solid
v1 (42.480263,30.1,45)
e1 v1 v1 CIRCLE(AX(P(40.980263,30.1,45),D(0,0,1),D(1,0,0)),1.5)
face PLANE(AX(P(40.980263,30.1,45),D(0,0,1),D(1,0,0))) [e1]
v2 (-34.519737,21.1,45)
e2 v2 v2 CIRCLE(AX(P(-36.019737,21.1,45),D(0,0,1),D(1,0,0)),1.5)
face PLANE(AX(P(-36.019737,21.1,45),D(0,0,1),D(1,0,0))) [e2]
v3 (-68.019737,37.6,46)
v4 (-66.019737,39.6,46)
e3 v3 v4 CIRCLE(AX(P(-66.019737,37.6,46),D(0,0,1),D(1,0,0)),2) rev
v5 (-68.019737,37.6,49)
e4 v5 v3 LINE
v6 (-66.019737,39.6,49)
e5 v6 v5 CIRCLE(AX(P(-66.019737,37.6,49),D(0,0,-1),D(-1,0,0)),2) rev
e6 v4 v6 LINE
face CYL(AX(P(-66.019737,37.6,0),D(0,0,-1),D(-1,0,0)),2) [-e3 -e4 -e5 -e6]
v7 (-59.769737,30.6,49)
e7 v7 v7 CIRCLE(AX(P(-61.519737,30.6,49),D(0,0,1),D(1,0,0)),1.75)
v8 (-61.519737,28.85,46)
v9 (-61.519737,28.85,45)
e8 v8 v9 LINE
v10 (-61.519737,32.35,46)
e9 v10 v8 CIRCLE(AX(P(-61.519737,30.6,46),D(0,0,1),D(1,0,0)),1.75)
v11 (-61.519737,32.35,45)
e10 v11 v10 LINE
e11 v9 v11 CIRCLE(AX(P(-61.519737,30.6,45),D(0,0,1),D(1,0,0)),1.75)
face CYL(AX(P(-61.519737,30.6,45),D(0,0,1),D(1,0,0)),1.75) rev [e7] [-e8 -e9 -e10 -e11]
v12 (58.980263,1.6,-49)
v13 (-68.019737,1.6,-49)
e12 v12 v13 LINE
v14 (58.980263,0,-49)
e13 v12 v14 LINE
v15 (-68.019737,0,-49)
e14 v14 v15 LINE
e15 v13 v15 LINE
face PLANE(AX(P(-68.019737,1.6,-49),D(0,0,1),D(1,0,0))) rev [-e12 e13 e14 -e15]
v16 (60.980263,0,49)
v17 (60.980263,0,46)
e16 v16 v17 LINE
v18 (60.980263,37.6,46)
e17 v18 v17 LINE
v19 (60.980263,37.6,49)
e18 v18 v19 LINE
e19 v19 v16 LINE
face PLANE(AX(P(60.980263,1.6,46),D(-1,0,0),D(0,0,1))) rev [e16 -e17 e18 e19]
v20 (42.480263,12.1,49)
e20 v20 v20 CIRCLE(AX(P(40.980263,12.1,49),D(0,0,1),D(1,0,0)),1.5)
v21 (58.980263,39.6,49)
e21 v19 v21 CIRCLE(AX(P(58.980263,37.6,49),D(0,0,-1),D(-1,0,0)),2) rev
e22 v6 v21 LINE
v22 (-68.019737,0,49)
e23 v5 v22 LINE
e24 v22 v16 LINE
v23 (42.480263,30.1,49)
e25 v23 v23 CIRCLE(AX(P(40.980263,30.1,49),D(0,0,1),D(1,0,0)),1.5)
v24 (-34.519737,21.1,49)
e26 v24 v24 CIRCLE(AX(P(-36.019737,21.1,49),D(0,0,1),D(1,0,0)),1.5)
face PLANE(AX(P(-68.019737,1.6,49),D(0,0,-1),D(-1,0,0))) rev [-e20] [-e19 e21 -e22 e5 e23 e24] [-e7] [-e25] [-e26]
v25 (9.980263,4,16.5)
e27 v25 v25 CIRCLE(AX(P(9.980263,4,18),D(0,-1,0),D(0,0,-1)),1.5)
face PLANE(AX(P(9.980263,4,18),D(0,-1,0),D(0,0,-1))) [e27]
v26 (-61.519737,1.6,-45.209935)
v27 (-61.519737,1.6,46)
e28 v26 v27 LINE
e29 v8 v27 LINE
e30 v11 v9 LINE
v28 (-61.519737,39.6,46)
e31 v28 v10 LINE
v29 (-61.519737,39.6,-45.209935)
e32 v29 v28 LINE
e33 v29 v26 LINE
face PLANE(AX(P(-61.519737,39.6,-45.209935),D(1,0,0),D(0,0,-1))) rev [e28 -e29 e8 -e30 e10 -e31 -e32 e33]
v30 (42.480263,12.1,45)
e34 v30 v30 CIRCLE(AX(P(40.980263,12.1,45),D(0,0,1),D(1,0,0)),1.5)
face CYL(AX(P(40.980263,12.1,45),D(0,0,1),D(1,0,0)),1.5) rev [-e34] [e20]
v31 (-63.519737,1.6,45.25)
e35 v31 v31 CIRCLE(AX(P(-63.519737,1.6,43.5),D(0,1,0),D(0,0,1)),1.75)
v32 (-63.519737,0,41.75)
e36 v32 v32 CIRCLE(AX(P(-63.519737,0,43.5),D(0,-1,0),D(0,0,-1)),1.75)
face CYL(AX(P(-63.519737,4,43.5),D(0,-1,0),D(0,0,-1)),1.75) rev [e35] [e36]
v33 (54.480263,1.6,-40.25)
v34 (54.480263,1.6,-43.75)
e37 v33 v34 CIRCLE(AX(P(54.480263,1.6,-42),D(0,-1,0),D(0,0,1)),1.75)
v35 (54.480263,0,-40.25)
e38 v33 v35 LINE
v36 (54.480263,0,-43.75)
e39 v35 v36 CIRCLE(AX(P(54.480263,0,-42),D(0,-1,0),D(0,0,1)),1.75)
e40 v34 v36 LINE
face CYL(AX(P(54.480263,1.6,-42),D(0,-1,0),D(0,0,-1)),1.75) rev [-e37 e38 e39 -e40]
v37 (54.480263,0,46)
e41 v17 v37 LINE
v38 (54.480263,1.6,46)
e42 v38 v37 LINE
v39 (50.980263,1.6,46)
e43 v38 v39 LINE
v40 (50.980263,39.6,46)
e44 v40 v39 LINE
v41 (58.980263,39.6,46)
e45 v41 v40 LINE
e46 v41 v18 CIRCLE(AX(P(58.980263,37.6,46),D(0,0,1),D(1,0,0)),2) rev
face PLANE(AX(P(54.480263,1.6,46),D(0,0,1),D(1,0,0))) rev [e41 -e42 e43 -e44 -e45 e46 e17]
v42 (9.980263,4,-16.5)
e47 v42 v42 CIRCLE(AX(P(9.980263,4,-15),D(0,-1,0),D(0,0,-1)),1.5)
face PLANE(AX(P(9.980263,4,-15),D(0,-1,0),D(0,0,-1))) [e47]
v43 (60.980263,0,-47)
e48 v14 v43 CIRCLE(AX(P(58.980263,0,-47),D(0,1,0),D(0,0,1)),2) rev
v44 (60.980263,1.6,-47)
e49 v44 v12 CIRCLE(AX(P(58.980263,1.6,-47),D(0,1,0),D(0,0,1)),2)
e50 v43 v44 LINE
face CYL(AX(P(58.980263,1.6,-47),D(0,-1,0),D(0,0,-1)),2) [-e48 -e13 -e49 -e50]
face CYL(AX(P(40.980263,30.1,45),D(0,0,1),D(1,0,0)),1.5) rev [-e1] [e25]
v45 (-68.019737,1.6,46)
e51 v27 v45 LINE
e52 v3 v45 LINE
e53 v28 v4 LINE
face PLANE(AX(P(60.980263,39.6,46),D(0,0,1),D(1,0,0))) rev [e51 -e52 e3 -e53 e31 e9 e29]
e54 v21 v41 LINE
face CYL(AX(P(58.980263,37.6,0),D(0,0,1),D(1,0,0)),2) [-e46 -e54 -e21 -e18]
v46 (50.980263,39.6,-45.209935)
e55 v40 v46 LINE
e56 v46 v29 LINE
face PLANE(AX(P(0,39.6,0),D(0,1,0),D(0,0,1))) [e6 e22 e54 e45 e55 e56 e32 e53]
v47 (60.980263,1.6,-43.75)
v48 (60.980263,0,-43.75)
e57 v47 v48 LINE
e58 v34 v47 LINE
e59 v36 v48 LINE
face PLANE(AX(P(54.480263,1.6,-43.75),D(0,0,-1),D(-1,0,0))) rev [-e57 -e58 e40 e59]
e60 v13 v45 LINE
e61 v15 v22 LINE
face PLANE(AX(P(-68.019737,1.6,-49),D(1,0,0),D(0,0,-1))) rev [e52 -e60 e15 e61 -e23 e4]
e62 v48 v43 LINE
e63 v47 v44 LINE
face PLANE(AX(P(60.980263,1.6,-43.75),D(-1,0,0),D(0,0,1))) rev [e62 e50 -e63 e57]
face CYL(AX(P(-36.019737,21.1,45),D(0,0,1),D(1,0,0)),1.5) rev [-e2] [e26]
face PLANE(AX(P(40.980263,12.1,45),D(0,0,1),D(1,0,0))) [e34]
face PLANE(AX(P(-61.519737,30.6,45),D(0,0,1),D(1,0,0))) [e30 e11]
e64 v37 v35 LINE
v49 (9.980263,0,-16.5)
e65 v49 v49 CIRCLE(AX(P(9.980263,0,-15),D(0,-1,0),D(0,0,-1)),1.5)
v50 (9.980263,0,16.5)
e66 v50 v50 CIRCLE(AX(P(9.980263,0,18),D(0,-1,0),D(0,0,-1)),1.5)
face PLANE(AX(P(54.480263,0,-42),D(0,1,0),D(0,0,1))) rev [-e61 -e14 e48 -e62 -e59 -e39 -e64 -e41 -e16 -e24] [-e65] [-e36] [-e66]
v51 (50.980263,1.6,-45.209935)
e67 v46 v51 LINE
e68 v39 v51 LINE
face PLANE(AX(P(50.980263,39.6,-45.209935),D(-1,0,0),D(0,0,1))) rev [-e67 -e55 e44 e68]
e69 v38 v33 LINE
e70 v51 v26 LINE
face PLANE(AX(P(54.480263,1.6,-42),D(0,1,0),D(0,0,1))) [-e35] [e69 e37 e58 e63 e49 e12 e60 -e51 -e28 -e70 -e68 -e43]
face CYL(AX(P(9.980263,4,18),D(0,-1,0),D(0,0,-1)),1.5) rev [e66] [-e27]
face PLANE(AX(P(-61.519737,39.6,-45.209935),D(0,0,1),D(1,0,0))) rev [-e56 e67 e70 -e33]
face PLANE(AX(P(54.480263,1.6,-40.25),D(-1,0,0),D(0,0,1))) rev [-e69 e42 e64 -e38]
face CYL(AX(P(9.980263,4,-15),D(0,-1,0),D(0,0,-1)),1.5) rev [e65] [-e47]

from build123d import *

# Parameters (mm, degrees)
BOSS_EXTRUDE1_DEPTH = 1.6
SKETCH2_W           = 112.5
SKETCH2_H           = 91.209934792
BOSS_EXTRUDE2_DEPTH = 38
SKETCH3_W           = 129
SKETCH3_H           = 3
BOSS_EXTRUDE3_DEPTH = 38
SKETCH4_R           = 1.5
SKETCH4_R_2         = 1.75
CUT_EXTRUDE1_DEPTH  = 4
SKETCH5_R           = 1.75
SKETCH5_R_2         = 1.5
CUT_EXTRUDE2_DEPTH  = 4
FILLET1_R           = 2
FILLET2_R           = 2
FILLET3_R           = 2


with BuildPart() as part:
    # Sketch1 → Boss-Extrude1 (new body)
    with BuildSketch(Plane(origin=(0, 0, 0), x_dir=(1, 0, 0), z_dir=(0, 1, 0))):
        with BuildLine():
            Line((-68.019736842, 49), (-68.019736842, -49))
            Line((-68.019736842, -49), (60.980263158, -49))
            Line((60.980263158, -49), (60.980263158, -46))
            Line((60.980263158, -46), (54.480263158, -46))
            Line((54.480263158, -46), (54.480263158, 40.25))
            ThreePointArc((54.480263158, 40.25), (52.730263158, 42), (54.480263158, 43.75))
            Line((54.480263158, 43.75), (60.980263158, 43.75))
            Line((60.980263158, 43.75), (60.980263158, 49))
            Line((60.980263158, 49), (-68.019736842, 49))
        make_face()
    extrude(amount=BOSS_EXTRUDE1_DEPTH)

    # Sketch2 → Boss-Extrude2 (add)
    with BuildSketch(Plane(origin=(0, 1.6, 0), x_dir=(1, 0, 0), z_dir=(0, 1, 0))):
        with Locations((-5.269736842, -0.395032604)):
            Rectangle(SKETCH2_W, SKETCH2_H)
    extrude(amount=BOSS_EXTRUDE2_DEPTH)

    # Sketch3 → Boss-Extrude3 (add)
    with BuildSketch(Plane(origin=(0, 1.6, 0), x_dir=(1, 0, 0), z_dir=(0, 1, 0))):
        with Locations((-3.519736842, -47.5)):
            Rectangle(SKETCH3_W, SKETCH3_H)
    extrude(amount=BOSS_EXTRUDE3_DEPTH)

    # Sketch4 → Cut-Extrude1 (cut)
    with BuildSketch(Plane.XY.offset(49)):
        with Locations((-36.019736842, 21.1)):
            Circle(SKETCH4_R)
        with Locations((40.980263158, 12.1)):
            Circle(SKETCH4_R)
        with Locations((40.980263158, 30.1)):
            Circle(SKETCH4_R)
        with Locations((-61.519736842, 30.6)):
            Circle(SKETCH4_R_2)
    extrude(amount=-CUT_EXTRUDE1_DEPTH, mode=Mode.SUBTRACT)

    # Sketch5 → Cut-Extrude2 (cut)
    with BuildSketch(Plane.XZ):
        with Locations(Location((-63.519736842, 43.5, 0), (0, 0, 270))):
            Circle(SKETCH5_R)
        with Locations(Location((9.980263158, 18, 0), (0, 0, 270))):
            Circle(SKETCH5_R_2)
        with Locations(Location((9.980263158, -15, 0), (0, 0, 270))):
            Circle(SKETCH5_R_2)
    extrude(amount=-CUT_EXTRUDE2_DEPTH, mode=Mode.SUBTRACT)

    # Fillet1
    fillet1_edges = [part.edges().sort_by_distance(p)[0] for p in [
        (60.980263158, 0.8, -49),
    ]]
    fillet(fillet1_edges, radius=FILLET1_R)

    # Fillet2
    fillet2_edges = [part.edges().sort_by_distance(p)[0] for p in [
        (60.980263158, 39.6, 47.5),
    ]]
    fillet(fillet2_edges, radius=FILLET2_R)

    # Fillet3
    fillet3_edges = [part.edges().sort_by_distance(p)[0] for p in [
        (-68.019736842, 39.6, 47.5),
    ]]
    fillet(fillet3_edges, radius=FILLET3_R)


solid = part.part
